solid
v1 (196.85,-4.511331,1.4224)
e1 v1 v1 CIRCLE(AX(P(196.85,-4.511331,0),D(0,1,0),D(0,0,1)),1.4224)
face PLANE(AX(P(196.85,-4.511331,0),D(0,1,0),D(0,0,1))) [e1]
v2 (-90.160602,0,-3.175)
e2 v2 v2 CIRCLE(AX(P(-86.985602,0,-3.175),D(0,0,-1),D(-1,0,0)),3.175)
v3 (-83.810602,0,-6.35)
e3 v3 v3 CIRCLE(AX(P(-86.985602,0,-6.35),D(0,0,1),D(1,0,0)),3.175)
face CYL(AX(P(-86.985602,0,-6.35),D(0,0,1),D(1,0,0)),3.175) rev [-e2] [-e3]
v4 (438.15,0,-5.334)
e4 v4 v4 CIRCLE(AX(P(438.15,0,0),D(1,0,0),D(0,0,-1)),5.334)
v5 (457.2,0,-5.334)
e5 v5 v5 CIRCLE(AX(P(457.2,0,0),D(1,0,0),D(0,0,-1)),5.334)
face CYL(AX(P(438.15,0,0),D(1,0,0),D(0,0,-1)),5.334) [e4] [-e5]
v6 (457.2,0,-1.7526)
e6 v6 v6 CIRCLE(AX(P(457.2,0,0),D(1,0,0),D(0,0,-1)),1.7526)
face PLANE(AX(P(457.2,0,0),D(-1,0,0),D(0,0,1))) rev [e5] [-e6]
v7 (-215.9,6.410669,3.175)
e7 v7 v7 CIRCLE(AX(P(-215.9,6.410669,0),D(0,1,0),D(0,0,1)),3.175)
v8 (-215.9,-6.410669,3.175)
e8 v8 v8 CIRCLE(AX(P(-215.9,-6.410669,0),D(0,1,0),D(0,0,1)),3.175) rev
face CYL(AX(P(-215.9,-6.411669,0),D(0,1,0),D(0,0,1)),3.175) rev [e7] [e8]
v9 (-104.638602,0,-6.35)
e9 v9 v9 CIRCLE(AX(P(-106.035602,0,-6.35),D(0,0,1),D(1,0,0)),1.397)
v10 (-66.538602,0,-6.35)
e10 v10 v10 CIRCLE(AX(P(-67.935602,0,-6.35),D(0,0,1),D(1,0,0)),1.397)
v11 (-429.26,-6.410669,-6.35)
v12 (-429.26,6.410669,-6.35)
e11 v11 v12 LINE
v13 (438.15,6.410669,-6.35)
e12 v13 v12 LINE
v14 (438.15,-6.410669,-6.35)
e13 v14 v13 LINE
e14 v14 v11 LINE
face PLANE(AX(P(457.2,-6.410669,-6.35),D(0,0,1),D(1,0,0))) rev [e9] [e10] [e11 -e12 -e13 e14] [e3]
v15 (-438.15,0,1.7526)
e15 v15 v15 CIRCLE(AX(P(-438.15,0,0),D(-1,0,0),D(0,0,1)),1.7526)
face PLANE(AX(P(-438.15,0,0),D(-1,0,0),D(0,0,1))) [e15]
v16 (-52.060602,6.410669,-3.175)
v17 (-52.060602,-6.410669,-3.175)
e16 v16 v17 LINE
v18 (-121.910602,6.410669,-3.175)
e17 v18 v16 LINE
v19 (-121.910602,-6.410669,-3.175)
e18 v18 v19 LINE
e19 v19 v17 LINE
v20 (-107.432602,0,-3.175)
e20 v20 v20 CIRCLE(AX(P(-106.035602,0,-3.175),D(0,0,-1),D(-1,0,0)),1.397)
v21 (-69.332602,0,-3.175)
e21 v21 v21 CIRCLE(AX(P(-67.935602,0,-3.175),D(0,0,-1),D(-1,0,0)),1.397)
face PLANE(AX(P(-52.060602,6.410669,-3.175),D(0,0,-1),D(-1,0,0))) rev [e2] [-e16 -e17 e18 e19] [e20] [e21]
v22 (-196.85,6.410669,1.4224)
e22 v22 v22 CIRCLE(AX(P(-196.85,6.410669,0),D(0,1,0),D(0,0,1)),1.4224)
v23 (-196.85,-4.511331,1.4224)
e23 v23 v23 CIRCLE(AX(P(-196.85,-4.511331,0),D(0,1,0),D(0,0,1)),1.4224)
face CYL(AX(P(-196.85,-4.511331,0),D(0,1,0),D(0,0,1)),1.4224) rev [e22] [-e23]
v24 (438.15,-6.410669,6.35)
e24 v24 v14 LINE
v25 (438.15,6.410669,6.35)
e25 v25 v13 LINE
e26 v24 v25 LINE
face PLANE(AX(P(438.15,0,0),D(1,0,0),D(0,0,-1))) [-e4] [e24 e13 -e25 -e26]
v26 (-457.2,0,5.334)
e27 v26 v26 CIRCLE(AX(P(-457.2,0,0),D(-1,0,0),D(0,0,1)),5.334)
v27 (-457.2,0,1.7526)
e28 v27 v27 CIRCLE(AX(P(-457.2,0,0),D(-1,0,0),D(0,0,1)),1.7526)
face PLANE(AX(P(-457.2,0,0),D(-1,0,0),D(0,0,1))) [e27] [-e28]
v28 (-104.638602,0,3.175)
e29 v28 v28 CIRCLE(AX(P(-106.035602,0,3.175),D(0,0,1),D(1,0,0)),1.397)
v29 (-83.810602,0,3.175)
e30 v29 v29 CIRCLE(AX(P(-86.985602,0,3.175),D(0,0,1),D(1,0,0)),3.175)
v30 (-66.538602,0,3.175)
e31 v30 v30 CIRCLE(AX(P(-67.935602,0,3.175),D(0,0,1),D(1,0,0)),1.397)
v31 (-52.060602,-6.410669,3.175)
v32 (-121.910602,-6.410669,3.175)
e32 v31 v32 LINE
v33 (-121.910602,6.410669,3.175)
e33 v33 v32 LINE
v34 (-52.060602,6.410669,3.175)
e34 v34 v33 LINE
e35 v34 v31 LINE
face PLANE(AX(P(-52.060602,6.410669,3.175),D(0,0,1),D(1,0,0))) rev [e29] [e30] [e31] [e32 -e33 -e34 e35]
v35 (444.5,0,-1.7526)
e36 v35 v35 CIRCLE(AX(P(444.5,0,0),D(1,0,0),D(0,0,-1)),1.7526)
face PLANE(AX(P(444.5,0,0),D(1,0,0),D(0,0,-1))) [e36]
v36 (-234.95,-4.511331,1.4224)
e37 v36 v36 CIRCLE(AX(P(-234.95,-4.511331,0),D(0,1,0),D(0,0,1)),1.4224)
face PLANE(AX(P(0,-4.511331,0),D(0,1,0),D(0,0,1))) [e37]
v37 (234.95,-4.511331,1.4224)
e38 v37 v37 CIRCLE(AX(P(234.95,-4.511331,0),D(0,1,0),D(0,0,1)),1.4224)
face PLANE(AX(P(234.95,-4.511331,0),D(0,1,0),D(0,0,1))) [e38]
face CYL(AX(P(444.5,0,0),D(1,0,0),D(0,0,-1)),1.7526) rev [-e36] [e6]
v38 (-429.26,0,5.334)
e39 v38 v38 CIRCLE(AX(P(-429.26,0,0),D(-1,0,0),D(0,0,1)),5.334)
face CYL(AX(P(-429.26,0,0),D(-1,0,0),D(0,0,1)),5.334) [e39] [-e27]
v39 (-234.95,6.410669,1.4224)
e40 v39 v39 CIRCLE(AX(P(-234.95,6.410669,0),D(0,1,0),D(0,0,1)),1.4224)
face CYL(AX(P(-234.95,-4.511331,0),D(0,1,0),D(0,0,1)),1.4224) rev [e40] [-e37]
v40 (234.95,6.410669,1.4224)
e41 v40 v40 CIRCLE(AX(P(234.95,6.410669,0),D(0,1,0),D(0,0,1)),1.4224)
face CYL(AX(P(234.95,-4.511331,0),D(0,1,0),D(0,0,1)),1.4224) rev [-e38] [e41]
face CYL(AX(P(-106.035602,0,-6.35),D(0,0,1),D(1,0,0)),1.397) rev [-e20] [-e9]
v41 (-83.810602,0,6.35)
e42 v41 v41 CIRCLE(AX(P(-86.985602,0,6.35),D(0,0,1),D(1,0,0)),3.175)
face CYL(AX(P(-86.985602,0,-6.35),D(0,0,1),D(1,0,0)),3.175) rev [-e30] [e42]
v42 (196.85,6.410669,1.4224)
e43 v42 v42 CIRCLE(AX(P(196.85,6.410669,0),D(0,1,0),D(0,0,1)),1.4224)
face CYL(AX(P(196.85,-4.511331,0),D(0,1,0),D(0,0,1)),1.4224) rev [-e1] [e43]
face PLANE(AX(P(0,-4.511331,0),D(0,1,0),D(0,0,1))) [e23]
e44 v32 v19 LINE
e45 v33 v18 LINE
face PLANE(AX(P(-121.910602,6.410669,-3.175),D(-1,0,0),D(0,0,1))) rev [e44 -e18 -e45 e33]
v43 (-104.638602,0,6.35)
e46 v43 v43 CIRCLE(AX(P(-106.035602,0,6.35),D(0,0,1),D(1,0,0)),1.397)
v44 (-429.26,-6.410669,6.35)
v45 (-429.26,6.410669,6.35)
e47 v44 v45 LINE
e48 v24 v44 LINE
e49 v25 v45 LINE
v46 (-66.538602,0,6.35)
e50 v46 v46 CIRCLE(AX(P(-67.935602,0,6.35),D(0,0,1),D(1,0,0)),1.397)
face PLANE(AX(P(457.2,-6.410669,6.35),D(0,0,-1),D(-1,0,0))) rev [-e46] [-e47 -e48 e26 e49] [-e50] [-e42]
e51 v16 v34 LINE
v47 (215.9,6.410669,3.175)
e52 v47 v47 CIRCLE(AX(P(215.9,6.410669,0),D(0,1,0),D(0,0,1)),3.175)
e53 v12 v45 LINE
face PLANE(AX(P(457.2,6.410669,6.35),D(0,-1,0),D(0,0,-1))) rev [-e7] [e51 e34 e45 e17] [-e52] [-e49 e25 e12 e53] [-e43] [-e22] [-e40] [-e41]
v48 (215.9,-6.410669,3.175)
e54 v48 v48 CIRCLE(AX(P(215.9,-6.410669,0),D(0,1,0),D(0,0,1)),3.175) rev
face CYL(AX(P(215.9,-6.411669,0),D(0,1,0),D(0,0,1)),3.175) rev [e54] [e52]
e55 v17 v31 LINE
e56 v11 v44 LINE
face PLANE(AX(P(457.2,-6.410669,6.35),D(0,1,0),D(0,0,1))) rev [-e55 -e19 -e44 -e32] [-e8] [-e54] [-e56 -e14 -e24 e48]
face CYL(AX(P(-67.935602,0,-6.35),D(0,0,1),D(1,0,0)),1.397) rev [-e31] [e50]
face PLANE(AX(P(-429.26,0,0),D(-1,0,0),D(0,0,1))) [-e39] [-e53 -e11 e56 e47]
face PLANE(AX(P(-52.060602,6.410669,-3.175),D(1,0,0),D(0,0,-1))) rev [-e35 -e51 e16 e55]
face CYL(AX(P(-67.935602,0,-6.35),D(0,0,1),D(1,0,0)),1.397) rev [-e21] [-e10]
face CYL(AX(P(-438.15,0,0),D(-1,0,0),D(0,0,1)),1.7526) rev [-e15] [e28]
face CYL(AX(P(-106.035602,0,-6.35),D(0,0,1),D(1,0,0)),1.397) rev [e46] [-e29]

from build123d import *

# Parameters (mm, degrees)
SKETCH1_W                       = 12.7
SKETCH1_H                       = 12.82133758
LENGTH_DEPTH                    = 457.2
SKETCH2_W                       = 12.7
SKETCH2_H                       = 12.82133758
SKETCH2_R                       = 5.334
ROUND_CUT_1_DEPTH               = 19.05
SKETCH3_W                       = 12.7
SKETCH3_H                       = 12.82133758
SKETCH3_R                       = 5.334
ROUND_CUT_2_DEPTH               = 27.94
SKETCH14_R                      = 1.7526
CUT_EXTRUDE6_DEPTH              = 12.7
SKETCH15_R                      = 1.7526
CUT_EXTRUDE7_DEPTH              = 19.05
BOTTOM_WASHER_R                 = 1.4224
BOTTOM_WASHER_BOLTS_DEPTH       = 10.922
BOTTOM_WASHER_CENTER_BOLT_REACH = 14.821
SKETCH18_R                      = 3.175
TOP_WASHER_CENTER_BOLT_REACH    = 14.821
SKETCH17_R                      = 3.175
SKETCH16_R                      = 1.4224
TOP_WASHER_DEPTH                = 10.922
SKETCH19_W                      = 69.85
SKETCH19_H                      = 6.35
CUT_EXTRUDE8_DEPTH              = 13.82133758
SKETCH20_R                      = 1.397
SKETCH20_R_2                    = 3.175
CUT_EXTRUDE9_DEPTH              = 13.7


with BuildPart() as part:
    # Sketch1 → Length (new body, symmetric)
    with BuildSketch(Plane(origin=(0, 0, 0), x_dir=(0, 0, -1), z_dir=(1, 0, 0))):
        Rectangle(SKETCH1_W, SKETCH1_H)
    extrude(amount=LENGTH_DEPTH, both=True)

    # Sketch2 → Round Cut 1 (cut)
    with BuildSketch(Plane(origin=(457.2, 0, 0), x_dir=(0, 0, -1), z_dir=(1, 0, 0))):
        Rectangle(SKETCH2_W, SKETCH2_H)
        Circle(SKETCH2_R, mode=Mode.SUBTRACT)
    extrude(amount=-ROUND_CUT_1_DEPTH, mode=Mode.SUBTRACT)

    # Sketch3 → Round Cut 2 (cut)
    with BuildSketch(Plane.ZY.offset(457.2)):
        Rectangle(SKETCH3_W, SKETCH3_H)
        Circle(SKETCH3_R, mode=Mode.SUBTRACT)
    extrude(amount=-ROUND_CUT_2_DEPTH, mode=Mode.SUBTRACT)

    # Sketch14 → Cut-Extrude6 (cut)
    with BuildSketch(Plane(origin=(457.2, 0, 0), x_dir=(0, 0, -1), z_dir=(1, 0, 0))):
        Circle(SKETCH14_R)
    extrude(amount=-CUT_EXTRUDE6_DEPTH, mode=Mode.SUBTRACT)

    # Sketch15 → Cut-Extrude7 (cut)
    with BuildSketch(Plane.ZY.offset(457.2)):
        Circle(SKETCH15_R)
    extrude(amount=-CUT_EXTRUDE7_DEPTH, mode=Mode.SUBTRACT)

    # Bottom Washer → Bottom washer bolts (cut)
    with BuildSketch(Plane(origin=(0, 6.41066879, 0), x_dir=(1, 0, 0), z_dir=(0, 1, 0))):
        with Locations((-196.85, 0)):
            Circle(BOTTOM_WASHER_R)
        with Locations((-234.95, 0)):
            Circle(BOTTOM_WASHER_R)
    extrude(amount=-BOTTOM_WASHER_BOLTS_DEPTH, mode=Mode.SUBTRACT)

    # Sketch18 → Bottom Washer Center Bolt (cut, up to next)
    with BuildSketch(Plane(origin=(0, 6.41066879, 0), x_dir=(1, 0, 0), z_dir=(0, 1, 0)), mode=Mode.PRIVATE) as bottom_washer_center_bolt_sk1:
        with Locations((-215.9, 0)):
            Circle(SKETCH18_R)
    bottom_washer_center_bolt_tool1 = extrude(bottom_washer_center_bolt_sk1.sketch, amount=-BOTTOM_WASHER_CENTER_BOLT_REACH, mode=Mode.PRIVATE) & part.part
    add(bottom_washer_center_bolt_tool1.solids().sort_by_distance((-215.9, 6.410669, 0))[0], mode=Mode.SUBTRACT)

    # Sketch17 → Top Washer Center Bolt (cut, up to next)
    with BuildSketch(Plane(origin=(0, 6.41066879, 0), x_dir=(1, 0, 0), z_dir=(0, 1, 0)), mode=Mode.PRIVATE) as top_washer_center_bolt_sk1:
        with Locations((215.9, 0)):
            Circle(SKETCH17_R)
    top_washer_center_bolt_tool1 = extrude(top_washer_center_bolt_sk1.sketch, amount=-TOP_WASHER_CENTER_BOLT_REACH, mode=Mode.PRIVATE) & part.part
    add(top_washer_center_bolt_tool1.solids().sort_by_distance((215.9, 6.410669, 0))[0], mode=Mode.SUBTRACT)

    # Sketch16 → Top Washer (cut)
    with BuildSketch(Plane(origin=(0, 6.41066879, 0), x_dir=(1, 0, 0), z_dir=(0, 1, 0))):
        with Locations((234.95, 0)):
            Circle(SKETCH16_R)
        with Locations((196.85, 0)):
            Circle(SKETCH16_R)
    extrude(amount=-TOP_WASHER_DEPTH, mode=Mode.SUBTRACT)

    # Sketch19 → Cut-Extrude8 (cut, through all)
    with BuildSketch(Plane(origin=(0, -6.41066879, 0), x_dir=(-1, 0, 0), z_dir=(0, -1, 0))):
        with Locations((86.985602, 0)):
            Rectangle(SKETCH19_W, SKETCH19_H)
    extrude(amount=-CUT_EXTRUDE8_DEPTH, mode=Mode.SUBTRACT)

    # Sketch20 → Cut-Extrude9 (cut, through all)
    with BuildSketch(Plane.XY.offset(6.35)):
        with Locations((-106.035602, 0)):
            Circle(SKETCH20_R)
        with Locations((-86.985602, 0)):
            Circle(SKETCH20_R_2)
        with Locations((-67.935602, 0)):
            Circle(SKETCH20_R)
    extrude(amount=-CUT_EXTRUDE9_DEPTH, mode=Mode.SUBTRACT)


solid = part.part
